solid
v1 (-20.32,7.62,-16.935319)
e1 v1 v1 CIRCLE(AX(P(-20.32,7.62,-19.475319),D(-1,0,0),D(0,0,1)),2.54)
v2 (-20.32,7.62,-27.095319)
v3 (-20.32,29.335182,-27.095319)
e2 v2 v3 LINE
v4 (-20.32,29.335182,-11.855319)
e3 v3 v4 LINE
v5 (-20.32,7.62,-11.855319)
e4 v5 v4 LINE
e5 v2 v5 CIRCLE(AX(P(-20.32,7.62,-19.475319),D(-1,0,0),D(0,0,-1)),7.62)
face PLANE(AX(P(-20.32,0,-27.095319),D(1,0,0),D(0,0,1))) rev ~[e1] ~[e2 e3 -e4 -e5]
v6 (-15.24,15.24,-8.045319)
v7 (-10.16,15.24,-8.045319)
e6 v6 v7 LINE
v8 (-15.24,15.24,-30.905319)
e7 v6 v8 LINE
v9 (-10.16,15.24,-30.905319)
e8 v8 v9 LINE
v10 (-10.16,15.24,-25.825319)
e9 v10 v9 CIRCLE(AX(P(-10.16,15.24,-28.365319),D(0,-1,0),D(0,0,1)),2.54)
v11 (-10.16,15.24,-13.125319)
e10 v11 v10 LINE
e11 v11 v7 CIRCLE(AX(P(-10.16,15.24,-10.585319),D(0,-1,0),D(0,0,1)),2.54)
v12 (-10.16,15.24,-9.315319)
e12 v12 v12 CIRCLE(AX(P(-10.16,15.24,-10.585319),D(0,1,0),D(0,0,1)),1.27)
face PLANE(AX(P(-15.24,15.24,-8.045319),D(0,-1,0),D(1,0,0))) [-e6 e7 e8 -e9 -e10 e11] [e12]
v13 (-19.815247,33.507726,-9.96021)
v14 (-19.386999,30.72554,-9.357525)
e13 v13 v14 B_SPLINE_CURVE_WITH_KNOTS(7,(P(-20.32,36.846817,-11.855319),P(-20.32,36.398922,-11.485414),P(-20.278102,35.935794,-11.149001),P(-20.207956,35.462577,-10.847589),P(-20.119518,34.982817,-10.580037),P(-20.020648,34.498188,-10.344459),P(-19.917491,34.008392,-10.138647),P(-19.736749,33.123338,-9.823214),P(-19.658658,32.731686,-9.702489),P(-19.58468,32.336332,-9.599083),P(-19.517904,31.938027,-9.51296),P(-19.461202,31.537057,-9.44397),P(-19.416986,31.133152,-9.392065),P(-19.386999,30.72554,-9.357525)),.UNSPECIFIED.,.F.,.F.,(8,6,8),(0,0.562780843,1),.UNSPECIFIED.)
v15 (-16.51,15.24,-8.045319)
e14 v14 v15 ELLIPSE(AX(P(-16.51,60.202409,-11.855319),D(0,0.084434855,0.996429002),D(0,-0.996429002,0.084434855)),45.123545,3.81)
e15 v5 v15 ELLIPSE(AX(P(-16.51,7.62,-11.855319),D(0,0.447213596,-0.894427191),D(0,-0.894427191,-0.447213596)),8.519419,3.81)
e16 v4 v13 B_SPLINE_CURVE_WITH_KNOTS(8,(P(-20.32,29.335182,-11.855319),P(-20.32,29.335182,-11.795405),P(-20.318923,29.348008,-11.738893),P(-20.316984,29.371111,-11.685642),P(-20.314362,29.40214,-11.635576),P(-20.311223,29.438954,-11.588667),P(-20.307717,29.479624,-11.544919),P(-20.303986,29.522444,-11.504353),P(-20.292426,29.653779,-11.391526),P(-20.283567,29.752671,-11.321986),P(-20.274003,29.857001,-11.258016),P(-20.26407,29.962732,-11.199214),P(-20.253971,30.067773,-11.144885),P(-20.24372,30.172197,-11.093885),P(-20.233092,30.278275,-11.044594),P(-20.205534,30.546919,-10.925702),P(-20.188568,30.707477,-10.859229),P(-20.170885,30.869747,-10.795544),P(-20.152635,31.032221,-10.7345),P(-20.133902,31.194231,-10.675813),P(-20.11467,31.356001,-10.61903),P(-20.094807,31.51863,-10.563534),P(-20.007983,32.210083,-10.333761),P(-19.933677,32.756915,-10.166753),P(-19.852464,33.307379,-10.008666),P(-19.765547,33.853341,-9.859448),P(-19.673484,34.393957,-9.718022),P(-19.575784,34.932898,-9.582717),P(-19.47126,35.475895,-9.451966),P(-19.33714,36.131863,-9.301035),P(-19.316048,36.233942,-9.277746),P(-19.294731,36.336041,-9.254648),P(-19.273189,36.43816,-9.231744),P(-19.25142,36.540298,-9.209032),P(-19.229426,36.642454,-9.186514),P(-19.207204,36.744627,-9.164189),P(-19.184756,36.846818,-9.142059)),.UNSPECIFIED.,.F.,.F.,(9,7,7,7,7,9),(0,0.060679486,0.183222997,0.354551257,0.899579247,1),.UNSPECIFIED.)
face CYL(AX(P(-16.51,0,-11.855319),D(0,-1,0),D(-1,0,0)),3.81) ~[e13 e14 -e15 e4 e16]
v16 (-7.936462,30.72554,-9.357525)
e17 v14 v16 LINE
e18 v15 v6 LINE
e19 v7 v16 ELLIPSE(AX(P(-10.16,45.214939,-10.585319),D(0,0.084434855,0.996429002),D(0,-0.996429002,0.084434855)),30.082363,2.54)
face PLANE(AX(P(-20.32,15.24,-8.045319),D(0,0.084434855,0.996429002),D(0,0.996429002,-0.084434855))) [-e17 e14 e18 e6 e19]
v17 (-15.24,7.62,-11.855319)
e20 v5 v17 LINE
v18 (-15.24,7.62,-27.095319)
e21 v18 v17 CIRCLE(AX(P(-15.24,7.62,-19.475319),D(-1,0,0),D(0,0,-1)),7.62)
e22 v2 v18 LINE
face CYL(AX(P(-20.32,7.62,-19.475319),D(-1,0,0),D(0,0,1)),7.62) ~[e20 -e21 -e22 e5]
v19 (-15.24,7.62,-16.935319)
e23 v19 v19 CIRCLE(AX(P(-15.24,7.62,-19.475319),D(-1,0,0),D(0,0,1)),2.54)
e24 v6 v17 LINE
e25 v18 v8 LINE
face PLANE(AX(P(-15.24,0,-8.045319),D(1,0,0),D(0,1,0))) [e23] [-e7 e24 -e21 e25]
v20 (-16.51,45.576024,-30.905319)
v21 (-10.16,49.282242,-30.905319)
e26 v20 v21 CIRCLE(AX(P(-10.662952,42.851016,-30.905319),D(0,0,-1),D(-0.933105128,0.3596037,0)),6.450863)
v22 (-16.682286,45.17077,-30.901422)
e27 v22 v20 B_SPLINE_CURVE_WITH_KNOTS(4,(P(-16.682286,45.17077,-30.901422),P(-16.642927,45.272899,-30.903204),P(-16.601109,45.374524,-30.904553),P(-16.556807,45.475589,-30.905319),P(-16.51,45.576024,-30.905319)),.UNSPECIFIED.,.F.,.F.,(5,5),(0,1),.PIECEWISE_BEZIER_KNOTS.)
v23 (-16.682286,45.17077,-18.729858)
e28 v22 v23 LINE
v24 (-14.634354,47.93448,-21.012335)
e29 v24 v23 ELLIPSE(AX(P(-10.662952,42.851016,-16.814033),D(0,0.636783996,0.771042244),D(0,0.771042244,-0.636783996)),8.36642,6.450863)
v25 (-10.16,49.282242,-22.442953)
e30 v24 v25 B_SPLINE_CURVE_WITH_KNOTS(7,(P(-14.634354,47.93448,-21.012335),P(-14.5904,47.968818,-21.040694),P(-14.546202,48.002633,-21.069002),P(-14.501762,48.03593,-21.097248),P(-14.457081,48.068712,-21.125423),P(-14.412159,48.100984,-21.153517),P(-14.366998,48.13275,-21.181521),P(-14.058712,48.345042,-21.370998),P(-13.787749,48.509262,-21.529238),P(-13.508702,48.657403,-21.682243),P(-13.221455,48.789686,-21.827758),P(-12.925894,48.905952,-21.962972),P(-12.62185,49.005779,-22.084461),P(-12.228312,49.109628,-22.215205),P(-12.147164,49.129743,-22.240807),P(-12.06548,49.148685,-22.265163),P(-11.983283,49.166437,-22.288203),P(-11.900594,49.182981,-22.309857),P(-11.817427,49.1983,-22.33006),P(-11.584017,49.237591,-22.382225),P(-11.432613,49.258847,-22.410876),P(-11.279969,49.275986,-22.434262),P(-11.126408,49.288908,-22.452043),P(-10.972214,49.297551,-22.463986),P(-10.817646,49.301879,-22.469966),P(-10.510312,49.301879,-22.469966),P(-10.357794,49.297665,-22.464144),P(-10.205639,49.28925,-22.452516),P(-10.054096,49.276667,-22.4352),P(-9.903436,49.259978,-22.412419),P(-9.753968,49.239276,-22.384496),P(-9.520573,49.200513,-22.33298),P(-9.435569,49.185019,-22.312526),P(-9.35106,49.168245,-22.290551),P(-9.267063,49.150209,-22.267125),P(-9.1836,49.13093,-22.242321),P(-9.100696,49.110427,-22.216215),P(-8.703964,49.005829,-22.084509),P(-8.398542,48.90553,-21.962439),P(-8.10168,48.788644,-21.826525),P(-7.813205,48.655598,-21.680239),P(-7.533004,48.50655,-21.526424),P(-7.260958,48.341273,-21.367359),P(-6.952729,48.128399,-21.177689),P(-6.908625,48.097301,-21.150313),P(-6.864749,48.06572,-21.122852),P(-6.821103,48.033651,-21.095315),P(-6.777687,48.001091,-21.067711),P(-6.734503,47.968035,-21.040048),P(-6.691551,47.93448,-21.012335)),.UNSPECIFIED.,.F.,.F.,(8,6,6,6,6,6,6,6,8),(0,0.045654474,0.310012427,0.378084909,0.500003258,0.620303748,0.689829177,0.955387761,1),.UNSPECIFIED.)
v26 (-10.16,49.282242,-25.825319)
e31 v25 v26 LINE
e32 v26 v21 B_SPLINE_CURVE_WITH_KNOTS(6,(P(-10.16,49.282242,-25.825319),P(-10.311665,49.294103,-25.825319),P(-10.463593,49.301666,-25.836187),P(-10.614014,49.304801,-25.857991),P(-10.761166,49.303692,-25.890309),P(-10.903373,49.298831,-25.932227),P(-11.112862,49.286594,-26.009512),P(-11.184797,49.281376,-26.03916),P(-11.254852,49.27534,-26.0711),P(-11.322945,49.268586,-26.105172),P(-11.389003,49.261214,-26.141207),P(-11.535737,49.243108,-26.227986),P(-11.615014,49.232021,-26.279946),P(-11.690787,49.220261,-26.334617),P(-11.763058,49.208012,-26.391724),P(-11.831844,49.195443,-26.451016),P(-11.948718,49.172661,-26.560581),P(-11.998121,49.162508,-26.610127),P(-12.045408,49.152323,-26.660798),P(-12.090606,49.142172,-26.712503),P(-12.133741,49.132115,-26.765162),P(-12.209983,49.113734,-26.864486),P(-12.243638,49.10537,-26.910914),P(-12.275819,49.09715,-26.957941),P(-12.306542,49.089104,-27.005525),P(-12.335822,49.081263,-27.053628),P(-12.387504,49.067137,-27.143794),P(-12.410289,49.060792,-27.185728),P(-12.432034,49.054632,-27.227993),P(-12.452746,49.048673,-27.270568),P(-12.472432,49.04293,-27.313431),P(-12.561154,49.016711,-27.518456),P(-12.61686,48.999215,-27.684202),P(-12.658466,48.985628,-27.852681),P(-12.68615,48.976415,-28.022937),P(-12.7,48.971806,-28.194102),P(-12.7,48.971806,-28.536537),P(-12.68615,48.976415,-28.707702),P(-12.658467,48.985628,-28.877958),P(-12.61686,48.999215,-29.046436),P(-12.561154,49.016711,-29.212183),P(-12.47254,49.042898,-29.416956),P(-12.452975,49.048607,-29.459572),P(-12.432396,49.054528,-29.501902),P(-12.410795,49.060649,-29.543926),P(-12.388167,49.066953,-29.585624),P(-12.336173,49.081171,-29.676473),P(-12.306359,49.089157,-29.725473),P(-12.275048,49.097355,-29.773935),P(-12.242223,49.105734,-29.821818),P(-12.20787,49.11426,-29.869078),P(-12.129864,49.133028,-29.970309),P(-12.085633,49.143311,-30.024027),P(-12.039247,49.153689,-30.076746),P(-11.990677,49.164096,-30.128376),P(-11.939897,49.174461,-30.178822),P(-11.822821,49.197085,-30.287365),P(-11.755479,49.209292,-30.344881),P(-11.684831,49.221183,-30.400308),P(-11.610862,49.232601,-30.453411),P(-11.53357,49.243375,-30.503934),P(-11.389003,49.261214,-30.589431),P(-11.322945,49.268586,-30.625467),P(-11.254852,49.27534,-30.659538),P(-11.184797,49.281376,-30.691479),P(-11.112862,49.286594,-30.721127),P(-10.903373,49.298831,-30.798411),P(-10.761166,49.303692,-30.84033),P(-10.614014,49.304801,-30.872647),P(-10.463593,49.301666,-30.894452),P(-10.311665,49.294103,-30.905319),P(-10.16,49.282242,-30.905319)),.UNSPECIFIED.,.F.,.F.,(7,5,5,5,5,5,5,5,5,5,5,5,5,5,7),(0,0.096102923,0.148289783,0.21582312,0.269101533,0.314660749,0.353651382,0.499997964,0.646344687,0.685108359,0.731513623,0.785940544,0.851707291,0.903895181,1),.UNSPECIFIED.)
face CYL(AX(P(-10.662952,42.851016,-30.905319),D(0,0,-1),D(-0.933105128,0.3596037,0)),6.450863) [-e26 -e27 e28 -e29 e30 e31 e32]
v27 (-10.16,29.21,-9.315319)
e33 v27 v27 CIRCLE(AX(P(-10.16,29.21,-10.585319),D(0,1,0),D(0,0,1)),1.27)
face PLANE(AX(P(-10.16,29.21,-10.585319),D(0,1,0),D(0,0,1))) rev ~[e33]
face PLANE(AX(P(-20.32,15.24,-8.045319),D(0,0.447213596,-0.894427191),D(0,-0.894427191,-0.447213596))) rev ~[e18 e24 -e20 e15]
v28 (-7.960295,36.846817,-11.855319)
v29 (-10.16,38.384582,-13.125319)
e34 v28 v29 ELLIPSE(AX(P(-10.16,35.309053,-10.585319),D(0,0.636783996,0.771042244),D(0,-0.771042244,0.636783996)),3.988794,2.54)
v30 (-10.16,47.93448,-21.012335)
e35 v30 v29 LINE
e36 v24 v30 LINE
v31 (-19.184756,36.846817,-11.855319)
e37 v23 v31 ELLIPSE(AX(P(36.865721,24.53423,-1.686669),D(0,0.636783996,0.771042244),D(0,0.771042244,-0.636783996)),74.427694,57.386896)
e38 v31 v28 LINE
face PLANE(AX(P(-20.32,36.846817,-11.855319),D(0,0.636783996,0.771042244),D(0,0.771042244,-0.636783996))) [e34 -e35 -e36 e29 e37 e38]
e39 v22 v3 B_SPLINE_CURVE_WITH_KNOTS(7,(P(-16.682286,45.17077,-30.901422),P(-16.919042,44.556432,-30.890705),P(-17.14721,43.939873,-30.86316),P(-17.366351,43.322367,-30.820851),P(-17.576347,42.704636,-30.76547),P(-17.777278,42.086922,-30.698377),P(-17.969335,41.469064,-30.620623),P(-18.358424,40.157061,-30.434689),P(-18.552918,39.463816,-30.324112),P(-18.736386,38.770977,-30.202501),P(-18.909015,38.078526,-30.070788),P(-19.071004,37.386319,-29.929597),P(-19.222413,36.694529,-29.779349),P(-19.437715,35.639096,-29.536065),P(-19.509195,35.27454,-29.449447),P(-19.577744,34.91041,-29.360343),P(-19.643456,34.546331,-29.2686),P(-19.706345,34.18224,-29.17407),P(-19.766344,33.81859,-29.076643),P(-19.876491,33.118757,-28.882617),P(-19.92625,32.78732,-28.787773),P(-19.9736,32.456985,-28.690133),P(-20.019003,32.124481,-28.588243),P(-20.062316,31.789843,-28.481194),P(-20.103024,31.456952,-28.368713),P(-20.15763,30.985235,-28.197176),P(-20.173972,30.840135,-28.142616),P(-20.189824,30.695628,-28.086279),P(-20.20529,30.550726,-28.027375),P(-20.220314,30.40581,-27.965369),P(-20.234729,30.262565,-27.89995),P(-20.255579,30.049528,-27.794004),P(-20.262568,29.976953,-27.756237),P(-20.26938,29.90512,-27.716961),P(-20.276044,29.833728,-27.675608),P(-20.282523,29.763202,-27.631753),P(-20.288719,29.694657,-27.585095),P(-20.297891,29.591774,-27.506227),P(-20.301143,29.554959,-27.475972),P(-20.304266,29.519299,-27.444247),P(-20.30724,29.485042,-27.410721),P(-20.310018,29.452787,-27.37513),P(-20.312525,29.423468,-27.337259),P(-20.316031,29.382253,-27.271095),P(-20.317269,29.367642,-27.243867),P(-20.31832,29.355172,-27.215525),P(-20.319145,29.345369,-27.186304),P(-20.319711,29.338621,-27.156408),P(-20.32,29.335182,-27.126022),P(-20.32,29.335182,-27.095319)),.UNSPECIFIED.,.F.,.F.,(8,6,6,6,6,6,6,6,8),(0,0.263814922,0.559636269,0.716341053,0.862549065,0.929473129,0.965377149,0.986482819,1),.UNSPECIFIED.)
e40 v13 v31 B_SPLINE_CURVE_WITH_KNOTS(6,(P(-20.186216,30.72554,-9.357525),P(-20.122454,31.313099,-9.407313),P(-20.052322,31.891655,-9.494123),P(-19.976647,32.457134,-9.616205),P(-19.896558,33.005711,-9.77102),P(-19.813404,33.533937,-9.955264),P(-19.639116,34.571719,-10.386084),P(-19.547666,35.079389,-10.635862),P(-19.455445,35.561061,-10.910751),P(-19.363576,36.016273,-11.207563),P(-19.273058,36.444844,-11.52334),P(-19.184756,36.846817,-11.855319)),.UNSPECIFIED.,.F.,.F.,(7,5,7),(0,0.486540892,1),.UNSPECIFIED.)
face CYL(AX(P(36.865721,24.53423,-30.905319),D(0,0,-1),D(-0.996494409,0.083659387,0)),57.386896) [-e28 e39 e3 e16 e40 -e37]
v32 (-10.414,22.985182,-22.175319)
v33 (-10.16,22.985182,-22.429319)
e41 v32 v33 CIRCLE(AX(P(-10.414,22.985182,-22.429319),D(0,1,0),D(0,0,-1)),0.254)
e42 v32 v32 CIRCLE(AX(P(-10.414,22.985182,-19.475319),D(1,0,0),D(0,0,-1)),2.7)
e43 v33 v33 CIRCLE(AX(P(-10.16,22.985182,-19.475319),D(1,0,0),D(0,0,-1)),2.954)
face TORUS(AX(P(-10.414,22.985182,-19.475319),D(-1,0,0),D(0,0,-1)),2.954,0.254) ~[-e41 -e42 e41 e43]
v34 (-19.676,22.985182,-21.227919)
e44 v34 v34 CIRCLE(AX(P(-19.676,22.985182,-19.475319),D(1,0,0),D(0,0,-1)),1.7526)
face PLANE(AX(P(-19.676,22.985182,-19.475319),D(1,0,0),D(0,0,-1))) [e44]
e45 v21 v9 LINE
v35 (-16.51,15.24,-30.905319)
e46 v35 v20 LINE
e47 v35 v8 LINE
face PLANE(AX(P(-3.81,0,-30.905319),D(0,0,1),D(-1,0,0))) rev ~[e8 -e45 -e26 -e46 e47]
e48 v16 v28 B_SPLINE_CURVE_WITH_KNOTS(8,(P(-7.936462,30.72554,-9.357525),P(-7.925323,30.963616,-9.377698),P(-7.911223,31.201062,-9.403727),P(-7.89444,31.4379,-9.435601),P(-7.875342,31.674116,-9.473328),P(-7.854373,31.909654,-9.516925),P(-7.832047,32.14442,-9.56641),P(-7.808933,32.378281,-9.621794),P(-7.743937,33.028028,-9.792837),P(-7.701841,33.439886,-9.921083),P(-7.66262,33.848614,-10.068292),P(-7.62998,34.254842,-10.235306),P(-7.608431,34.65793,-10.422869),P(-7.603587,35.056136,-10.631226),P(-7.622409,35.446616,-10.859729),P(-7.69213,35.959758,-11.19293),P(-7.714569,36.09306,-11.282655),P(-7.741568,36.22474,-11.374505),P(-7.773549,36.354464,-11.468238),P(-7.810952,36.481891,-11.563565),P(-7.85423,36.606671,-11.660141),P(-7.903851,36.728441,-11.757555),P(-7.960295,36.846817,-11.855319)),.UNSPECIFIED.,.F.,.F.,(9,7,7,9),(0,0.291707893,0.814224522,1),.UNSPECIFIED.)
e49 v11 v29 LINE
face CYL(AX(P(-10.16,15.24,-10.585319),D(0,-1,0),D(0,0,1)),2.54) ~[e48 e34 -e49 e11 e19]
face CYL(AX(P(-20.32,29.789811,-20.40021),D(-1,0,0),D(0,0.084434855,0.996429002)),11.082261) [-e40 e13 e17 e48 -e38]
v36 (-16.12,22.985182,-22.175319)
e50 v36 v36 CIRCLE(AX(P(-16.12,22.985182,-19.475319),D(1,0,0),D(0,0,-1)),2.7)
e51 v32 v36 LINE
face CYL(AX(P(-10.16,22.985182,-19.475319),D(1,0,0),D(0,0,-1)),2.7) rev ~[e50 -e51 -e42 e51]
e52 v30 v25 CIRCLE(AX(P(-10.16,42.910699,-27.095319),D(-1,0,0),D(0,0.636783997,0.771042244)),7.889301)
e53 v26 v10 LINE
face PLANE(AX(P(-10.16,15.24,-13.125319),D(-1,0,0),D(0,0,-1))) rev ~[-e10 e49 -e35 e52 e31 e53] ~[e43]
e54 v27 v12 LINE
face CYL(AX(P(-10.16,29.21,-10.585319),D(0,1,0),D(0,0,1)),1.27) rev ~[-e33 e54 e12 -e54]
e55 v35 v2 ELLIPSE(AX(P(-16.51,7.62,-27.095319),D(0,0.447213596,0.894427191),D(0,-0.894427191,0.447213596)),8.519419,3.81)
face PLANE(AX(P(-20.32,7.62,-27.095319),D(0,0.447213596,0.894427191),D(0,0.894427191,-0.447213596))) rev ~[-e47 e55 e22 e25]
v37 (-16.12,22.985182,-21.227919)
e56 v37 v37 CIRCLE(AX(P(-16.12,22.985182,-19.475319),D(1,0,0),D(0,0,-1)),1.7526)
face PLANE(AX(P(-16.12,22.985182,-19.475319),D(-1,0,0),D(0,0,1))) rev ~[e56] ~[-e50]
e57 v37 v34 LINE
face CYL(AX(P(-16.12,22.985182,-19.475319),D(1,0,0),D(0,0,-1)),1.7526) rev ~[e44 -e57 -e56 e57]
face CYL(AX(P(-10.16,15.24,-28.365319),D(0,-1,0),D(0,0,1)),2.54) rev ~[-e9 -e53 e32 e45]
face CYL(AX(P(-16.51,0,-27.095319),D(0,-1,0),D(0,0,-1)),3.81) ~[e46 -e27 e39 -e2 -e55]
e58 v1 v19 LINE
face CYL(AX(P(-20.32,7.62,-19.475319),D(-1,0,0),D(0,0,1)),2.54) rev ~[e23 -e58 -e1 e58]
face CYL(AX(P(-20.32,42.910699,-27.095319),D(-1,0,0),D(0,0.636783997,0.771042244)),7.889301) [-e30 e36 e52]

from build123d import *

# Parameters (mm, degrees)
BOSS_EXTRUDE1_DEPTH = 50.8
CUT_EXTRUDE2_START  = -21.59
SKETCH3_R           = 1.27
CUT_EXTRUDE2_DEPTH  = 50.8
CUT_EXTRUDE1_DEPTH  = 50.8
SKETCH4_W           = 10.16
SKETCH4_H           = 15.24
CUT_EXTRUDE3_DEPTH  = 50.8
SKETCH5_R           = 2.54
CUT_EXTRUDE5_DEPTH  = 50.8
CUT_EXTRUDE6_DEPTH  = 32.512
CUT_EXTRUDE7_DEPTH  = 32.512
CUT_EXTRUDE12_START = -10.16
SKETCH14_R          = 2.7
CUT_EXTRUDE12_DEPTH = 9.08
CUT_EXTRUDE9_DEPTH  = 38.608
BOSS_EXTRUDE2_START = -4.2
SKETCH15_R          = 2.7
BOSS_EXTRUDE2_DEPTH = 4.2
FILLET1_R           = 0.254
SKETCH16_R          = 1.7526
CUT_EXTRUDE13_DEPTH = 3.556


with BuildPart() as part:
    # Sketch1 → Boss-Extrude1 (new body)
    with BuildSketch(Plane(origin=(0, 0, 0), x_dir=(1, 0, 0), z_dir=(0, 1, 0))):
        with BuildLine():
            Line((-20.32, 27.095319289), (-20.32, 11.855319289))
            ThreePointArc((-20.32, 11.855319289), (-19.204076836, 9.161242453), (-16.51, 8.045319289))
            Line((-16.51, 8.045319289), (-3.81, 8.045319289))
            ThreePointArc((-3.81, 8.045319289), (-1.115923164, 9.161242453), (0, 11.855319289))
            Line((0, 11.855319289), (0, 27.095319289))
            ThreePointArc((0, 27.095319289), (-1.115923164, 29.789396126), (-3.81, 30.905319289))
            Line((-3.81, 30.905319289), (-16.51, 30.905319289))
            ThreePointArc((-16.51, 30.905319289), (-19.204076836, 29.789396126), (-20.32, 27.095319289))
        make_face()
    extrude(amount=BOSS_EXTRUDE1_DEPTH)

    # Sketch3 → Cut-Extrude2 (cut)
    with BuildSketch(Plane(origin=(0, 50.8, 0), x_dir=(1, 0, 0), z_dir=(0, 1, 0)).offset(CUT_EXTRUDE2_START)):
        with Locations(Location((-10.16, 10.585319289, 0), (0, 0, 270))):
            Circle(SKETCH3_R)
        with Locations(Location((-10.16, 28.365319289, 0), (0, 0, 270))):
            Circle(SKETCH3_R)
    extrude(amount=-CUT_EXTRUDE2_DEPTH, mode=Mode.SUBTRACT)

    # Sketch2 → Cut-Extrude1 (cut)
    with BuildSketch(Plane.ZY.offset(20.32)):
        with BuildLine():
            Line((-27.095319289, 7.62), (-30.905319289, 15.24))
            Line((-30.905319289, 15.24), (-30.905319289, -5.08))
            Line((-30.905319289, -5.08), (-8.045319289, -5.08))
            Line((-8.045319289, -5.08), (-8.045319289, 15.24))
            Line((-8.045319289, 15.24), (-11.855319289, 7.62))
            ThreePointArc((-11.855319289, 7.62), (-19.475319289, 0), (-27.095319289, 7.62))
        make_face()
    extrude(amount=-CUT_EXTRUDE1_DEPTH, mode=Mode.SUBTRACT)

    # Sketch4 → Cut-Extrude3 (cut)
    with BuildSketch(Plane.XY.offset(-8.045319289)):
        with Locations((-10.16, 7.62)):
            Rectangle(SKETCH4_W, SKETCH4_H)
    extrude(amount=-CUT_EXTRUDE3_DEPTH, mode=Mode.SUBTRACT)

    # Sketch5 → Cut-Extrude5 (cut)
    with BuildSketch(Plane.ZY.offset(20.32)):
        with Locations((-19.475319289, 7.62)):
            Circle(SKETCH5_R)
    extrude(amount=-CUT_EXTRUDE5_DEPTH, mode=Mode.SUBTRACT)

    # Sketch6 → Cut-Extrude6 (cut)
    with BuildSketch(Plane.ZY.offset(20.32)):
        with BuildLine():
            Line((-11.855319289, 36.846817341), (-21.012334943, 47.93447962))
            ThreePointArc((-21.012334943, 47.93447962), (-23.733254983, 50.047756788), (-27.095319289, 50.8))
            Line((-27.095319289, 50.8), (-31.52544936, 50.8))
            Line((-31.52544936, 50.8), (-31.52544936, 15.08846866))
            Line((-31.52544936, 15.08846866), (-40.392656277, 51.934271372))
            Line((-40.392656277, 51.934271372), (12.273740193, 71.26134954))
            Line((12.273740193, 71.26134954), (-8.045319289, 15.24))
            Line((-8.045319289, 15.24), (-9.357524517, 30.725540243))
            ThreePointArc((-9.357524517, 30.725540243), (-10.139323425, 33.97677891), (-11.855319289, 36.846817341))
        make_face()
    extrude(amount=-CUT_EXTRUDE6_DEPTH, mode=Mode.SUBTRACT)

    # Sketch7 → Cut-Extrude7 (cut)
    with BuildSketch(Plane(origin=(0, 0, -30.905319289), x_dir=(-1, 0, 0), z_dir=(0, 0, -1))):
        with BuildLine():
            Line((0, 29.335182296), (-12.852337187, 67.804770192))
            Line((-12.852337187, 67.804770192), (37.594938904, 66.861563092))
            Line((37.594938904, 66.861563092), (20.32, 29.335182296))
            ThreePointArc((20.32, 29.335182296), (19.06442366, 37.382371637), (16.68228589, 45.170769925))
            ThreePointArc((16.68228589, 45.170769925), (10.662952429, 49.301878805), (4.643618968, 45.170769925))
            ThreePointArc((4.643618968, 45.170769925), (1.994617848, 37.348921605), (0, 29.335182296))
        make_face()
    extrude(amount=-CUT_EXTRUDE7_DEPTH, mode=Mode.SUBTRACT)

    # Sketch14 → Cut-Extrude12 (cut)
    with BuildSketch(Plane(origin=(0, 0, 0), x_dir=(0, 0, -1), z_dir=(1, 0, 0)).offset(CUT_EXTRUDE12_START)):
        with Locations((19.475319289, 22.985182296)):
            Circle(SKETCH14_R)
    extrude(amount=-CUT_EXTRUDE12_DEPTH, mode=Mode.SUBTRACT)

    # Sketch8 → Cut-Extrude9 (cut, symmetric)
    with BuildSketch(Plane.XZ.offset(-15.24)):
        with BuildLine():
            Line((-10.16, -13.125319289), (-10.16, -25.825319289))
            ThreePointArc((-10.16, -25.825319289), (-12.7, -28.365319289), (-10.16, -30.905319289))
            Line((-10.16, -30.905319289), (15.115555145, -54.006547143))
            Line((15.115555145, -54.006547143), (12.290345115, 18.720711385))
            Line((12.290345115, 18.720711385), (-10.16, -8.045319289))
            ThreePointArc((-10.16, -8.045319289), (-7.62, -10.585319289), (-10.16, -13.125319289))
        make_face()
    extrude(amount=CUT_EXTRUDE9_DEPTH, both=True, mode=Mode.SUBTRACT)

    # Sketch15 → Boss-Extrude2 (add)
    with BuildSketch(Plane.ZY.offset(20.32).offset(BOSS_EXTRUDE2_START)):
        with Locations((-19.475319289, 22.985182296)):
            Circle(SKETCH15_R)
    extrude(amount=BOSS_EXTRUDE2_DEPTH)

    # Fillet1
    fillet1_edges = [part.edges().sort_by_distance(p)[0] for p in [
        (-10.16, 22.985182296, -16.775319289),
    ]]
    fillet(fillet1_edges, radius=FILLET1_R)

    # Sketch16 → Cut-Extrude13 (cut)
    with BuildSketch(Plane(origin=(-16.12, 0, 0), x_dir=(0, 0, -1), z_dir=(1, 0, 0))):
        with Locations((19.475319289, 22.985182296)):
            Circle(SKETCH16_R)
    extrude(amount=-CUT_EXTRUDE13_DEPTH, mode=Mode.SUBTRACT)


solid = part.part
